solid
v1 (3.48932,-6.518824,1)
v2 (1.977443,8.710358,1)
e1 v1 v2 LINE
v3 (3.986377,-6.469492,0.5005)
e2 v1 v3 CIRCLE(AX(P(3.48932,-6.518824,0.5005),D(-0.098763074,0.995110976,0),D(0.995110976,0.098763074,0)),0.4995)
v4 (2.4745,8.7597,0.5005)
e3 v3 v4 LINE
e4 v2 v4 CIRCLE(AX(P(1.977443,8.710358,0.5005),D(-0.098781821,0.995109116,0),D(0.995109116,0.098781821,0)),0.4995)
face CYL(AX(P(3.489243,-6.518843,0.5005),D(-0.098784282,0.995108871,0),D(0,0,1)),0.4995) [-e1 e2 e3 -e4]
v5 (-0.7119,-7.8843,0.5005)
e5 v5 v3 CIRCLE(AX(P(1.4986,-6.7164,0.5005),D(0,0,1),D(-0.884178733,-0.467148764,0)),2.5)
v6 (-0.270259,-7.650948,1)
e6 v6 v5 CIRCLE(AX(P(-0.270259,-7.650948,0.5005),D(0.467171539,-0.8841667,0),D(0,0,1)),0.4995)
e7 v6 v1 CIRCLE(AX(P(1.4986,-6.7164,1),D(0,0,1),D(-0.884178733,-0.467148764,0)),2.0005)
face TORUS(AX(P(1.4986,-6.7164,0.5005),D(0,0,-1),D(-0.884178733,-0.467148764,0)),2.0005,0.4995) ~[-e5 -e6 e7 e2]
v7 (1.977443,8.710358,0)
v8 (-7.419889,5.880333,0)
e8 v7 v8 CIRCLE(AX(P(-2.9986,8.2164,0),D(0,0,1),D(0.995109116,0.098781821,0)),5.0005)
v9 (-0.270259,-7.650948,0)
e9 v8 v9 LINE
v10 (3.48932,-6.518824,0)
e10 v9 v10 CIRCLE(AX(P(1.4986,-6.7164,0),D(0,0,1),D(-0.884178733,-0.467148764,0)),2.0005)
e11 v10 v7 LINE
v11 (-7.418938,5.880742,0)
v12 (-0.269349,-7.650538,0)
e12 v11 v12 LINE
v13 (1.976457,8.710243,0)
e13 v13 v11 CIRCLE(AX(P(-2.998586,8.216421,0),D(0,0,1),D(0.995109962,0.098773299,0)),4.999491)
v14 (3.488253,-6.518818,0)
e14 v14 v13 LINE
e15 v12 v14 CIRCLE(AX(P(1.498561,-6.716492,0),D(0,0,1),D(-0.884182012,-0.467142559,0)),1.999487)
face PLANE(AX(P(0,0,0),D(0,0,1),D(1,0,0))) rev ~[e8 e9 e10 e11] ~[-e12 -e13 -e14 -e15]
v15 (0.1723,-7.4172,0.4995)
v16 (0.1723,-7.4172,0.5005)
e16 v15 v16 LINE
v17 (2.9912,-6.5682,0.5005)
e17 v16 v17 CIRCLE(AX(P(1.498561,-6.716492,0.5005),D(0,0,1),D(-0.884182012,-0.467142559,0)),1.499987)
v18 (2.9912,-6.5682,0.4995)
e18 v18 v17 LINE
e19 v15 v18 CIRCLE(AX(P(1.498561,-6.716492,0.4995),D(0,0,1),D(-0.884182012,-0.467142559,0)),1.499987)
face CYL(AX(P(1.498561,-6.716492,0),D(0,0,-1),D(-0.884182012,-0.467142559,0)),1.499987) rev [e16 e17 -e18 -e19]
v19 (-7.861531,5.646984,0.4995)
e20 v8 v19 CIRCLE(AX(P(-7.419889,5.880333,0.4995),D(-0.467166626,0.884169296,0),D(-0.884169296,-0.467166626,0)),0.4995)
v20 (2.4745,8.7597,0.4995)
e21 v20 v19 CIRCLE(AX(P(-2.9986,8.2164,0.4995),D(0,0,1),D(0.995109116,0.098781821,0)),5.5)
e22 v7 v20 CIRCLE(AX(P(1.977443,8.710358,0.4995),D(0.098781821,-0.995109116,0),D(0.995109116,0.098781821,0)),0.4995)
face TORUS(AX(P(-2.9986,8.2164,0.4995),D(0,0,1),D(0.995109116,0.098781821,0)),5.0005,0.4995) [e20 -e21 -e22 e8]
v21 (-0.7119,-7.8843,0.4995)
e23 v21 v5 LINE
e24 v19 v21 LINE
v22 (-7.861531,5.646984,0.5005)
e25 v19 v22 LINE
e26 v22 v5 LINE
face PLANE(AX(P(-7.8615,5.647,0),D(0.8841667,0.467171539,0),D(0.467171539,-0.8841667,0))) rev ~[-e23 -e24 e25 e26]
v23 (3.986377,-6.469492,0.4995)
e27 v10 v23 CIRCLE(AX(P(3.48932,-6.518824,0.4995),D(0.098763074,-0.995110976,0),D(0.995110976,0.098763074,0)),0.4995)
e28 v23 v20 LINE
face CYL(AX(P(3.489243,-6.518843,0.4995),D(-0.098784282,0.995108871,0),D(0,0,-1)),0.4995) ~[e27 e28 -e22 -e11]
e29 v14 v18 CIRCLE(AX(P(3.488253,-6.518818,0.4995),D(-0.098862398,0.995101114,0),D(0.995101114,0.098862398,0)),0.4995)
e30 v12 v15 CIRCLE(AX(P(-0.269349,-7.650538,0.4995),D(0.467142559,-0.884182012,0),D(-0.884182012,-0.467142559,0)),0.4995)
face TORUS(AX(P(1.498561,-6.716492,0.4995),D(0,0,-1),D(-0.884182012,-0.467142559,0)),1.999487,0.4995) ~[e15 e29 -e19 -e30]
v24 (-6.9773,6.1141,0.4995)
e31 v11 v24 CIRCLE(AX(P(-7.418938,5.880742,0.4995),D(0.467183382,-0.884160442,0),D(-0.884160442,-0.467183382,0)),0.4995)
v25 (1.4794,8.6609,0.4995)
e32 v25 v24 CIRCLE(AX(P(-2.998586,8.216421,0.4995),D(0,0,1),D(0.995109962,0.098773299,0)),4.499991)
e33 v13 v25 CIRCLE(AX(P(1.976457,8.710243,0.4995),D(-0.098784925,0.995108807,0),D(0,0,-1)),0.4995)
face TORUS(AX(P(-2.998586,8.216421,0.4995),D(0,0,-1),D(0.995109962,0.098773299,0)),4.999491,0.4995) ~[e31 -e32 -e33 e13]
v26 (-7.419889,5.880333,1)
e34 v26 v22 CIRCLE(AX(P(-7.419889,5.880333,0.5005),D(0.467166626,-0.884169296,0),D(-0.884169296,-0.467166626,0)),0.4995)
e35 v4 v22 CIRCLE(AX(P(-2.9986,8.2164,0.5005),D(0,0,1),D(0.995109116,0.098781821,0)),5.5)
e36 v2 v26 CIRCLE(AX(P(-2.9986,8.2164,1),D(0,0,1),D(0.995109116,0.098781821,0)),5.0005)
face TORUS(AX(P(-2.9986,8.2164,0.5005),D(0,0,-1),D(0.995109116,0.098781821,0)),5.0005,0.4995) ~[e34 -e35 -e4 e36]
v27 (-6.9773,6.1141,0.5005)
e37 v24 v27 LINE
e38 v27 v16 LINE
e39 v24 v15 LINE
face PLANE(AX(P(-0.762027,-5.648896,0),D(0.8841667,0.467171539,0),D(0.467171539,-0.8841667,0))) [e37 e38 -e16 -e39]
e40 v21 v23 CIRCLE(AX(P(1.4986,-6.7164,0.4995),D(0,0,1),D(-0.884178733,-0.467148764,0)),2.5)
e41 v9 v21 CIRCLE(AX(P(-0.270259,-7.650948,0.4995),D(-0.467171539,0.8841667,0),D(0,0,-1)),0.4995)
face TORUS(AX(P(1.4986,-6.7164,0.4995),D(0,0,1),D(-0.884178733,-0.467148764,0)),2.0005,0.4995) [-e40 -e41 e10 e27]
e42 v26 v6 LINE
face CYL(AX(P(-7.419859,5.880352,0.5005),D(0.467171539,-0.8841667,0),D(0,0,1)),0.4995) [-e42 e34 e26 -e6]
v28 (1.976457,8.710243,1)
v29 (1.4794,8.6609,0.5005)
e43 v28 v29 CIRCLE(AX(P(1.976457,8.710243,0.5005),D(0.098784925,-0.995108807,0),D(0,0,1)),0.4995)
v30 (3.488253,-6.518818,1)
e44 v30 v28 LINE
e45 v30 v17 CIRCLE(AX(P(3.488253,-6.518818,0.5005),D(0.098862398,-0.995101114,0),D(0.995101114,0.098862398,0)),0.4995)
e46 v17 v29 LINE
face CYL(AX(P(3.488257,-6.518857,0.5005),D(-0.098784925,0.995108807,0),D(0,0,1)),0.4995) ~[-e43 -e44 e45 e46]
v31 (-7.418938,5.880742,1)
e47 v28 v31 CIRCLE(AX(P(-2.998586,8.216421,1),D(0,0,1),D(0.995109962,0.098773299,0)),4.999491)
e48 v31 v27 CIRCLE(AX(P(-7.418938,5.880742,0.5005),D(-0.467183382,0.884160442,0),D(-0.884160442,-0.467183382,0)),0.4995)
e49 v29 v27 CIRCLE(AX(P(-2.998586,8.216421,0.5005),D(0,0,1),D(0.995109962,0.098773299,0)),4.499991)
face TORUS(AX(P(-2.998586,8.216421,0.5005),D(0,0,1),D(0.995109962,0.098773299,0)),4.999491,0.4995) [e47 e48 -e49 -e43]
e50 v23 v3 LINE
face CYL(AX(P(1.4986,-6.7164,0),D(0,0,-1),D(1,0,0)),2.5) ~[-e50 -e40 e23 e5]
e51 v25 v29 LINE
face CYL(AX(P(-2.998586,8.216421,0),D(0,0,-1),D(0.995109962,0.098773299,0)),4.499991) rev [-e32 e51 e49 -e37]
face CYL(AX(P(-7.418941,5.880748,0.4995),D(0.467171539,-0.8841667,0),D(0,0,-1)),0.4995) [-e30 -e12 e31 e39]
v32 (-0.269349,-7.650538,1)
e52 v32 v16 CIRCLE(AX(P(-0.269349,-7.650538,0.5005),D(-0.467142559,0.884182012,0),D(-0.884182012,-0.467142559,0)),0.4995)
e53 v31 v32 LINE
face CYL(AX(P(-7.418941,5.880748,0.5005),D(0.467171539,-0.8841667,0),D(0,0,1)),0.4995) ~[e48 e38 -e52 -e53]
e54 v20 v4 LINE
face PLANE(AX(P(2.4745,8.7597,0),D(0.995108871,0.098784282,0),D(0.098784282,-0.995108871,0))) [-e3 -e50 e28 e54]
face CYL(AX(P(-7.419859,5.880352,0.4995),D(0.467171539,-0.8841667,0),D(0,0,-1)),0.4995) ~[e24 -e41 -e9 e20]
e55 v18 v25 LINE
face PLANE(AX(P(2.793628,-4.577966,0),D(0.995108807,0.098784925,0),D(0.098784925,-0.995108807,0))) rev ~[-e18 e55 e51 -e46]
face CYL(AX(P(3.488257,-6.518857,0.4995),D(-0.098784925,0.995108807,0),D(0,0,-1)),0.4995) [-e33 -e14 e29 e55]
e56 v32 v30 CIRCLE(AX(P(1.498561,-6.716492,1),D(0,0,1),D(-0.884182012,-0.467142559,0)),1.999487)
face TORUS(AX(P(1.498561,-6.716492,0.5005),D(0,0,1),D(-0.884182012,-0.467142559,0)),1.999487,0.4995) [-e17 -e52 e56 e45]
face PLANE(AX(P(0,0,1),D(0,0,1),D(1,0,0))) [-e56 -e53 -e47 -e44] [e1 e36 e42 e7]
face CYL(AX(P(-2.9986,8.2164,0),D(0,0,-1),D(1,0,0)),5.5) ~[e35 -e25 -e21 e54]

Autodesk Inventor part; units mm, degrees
ref_plane "YZ Plane" through (0, 0, 0) normal (1, 0, 0) x (0, 1, 0)
ref_plane "XZ Plane" through (0, 0, 0) normal (0, 1, 0) x (-1, 0, 0)
ref_plane "XY Plane" through (0, 0, 0) normal (0, 0, 1) x (1, 0, 0)
ref_plane "作業平面1" through (0, 0, 0) normal (0, 0, 1) x (1, 0, 0)
sketch "スケッチ1" plane through (0, 0, 0) normal (0, 0, 1) x (1, 0, 0)
  circle A0 centre (1.4986, -6.7164) radius 2.5 projected
  circle A1 centre (-2.9986, 8.2164) radius 5.5 projected
  line L0 (2.4745, 8.7597) -> (3.9863, -6.4695)
  line L1 (-7.8615, 5.647) -> (-0.7119, -7.8843)
  arc A2 (1.4794, 8.6609) -> (-6.9773, 6.1141) centre (-2.9986, 8.2164) ccw
  line L2 (1.4794, 8.6609) -> (2.9912, -6.5682)
  arc A3 (0.1723, -7.4172) -> (2.9912, -6.5682) centre (1.4986, -6.7164) ccw
  line L3 (-6.9773, 6.1141) -> (0.1723, -7.4172)
  point P0 (0, 0)
  dimension "d0" = 1
  dimension "d1" = 1
extrude "押し出し1" add sketch "スケッチ1" along normal blind 1 contours A0 L3 A3 L2 | A0 L2 A1 L0 | L1 A1 L3 A0 | A1 L2 A2 L3 picked at (3.0117, -5.3596) picked at (-6.3062, 4.4531)
fillet "フィレット1" radius 0.5 16 edges at (-4.5846, 13.4828, 1) (-4.2867, -1.1187, 1) (2.2195, -9.1102, 1) (3.2304, 1.1451, 1) (-4.5846, 13.4828, 0) (-4.2867, -1.1187, 0) (2.2195, -9.1102, 0) (3.2304, 1.1451, 0) (1.9311, -8.1527, 1) (-3.4025, -0.6515, 1) (-4.2962, 12.5253, 1) (2.2353, 1.0464, 1) (1.9311, -8.1527, 0) (-3.4025, -0.6515, 0) (-4.2962, 12.5253, 0) (2.2353, 1.0464, 0)
properties part number "Belt"
